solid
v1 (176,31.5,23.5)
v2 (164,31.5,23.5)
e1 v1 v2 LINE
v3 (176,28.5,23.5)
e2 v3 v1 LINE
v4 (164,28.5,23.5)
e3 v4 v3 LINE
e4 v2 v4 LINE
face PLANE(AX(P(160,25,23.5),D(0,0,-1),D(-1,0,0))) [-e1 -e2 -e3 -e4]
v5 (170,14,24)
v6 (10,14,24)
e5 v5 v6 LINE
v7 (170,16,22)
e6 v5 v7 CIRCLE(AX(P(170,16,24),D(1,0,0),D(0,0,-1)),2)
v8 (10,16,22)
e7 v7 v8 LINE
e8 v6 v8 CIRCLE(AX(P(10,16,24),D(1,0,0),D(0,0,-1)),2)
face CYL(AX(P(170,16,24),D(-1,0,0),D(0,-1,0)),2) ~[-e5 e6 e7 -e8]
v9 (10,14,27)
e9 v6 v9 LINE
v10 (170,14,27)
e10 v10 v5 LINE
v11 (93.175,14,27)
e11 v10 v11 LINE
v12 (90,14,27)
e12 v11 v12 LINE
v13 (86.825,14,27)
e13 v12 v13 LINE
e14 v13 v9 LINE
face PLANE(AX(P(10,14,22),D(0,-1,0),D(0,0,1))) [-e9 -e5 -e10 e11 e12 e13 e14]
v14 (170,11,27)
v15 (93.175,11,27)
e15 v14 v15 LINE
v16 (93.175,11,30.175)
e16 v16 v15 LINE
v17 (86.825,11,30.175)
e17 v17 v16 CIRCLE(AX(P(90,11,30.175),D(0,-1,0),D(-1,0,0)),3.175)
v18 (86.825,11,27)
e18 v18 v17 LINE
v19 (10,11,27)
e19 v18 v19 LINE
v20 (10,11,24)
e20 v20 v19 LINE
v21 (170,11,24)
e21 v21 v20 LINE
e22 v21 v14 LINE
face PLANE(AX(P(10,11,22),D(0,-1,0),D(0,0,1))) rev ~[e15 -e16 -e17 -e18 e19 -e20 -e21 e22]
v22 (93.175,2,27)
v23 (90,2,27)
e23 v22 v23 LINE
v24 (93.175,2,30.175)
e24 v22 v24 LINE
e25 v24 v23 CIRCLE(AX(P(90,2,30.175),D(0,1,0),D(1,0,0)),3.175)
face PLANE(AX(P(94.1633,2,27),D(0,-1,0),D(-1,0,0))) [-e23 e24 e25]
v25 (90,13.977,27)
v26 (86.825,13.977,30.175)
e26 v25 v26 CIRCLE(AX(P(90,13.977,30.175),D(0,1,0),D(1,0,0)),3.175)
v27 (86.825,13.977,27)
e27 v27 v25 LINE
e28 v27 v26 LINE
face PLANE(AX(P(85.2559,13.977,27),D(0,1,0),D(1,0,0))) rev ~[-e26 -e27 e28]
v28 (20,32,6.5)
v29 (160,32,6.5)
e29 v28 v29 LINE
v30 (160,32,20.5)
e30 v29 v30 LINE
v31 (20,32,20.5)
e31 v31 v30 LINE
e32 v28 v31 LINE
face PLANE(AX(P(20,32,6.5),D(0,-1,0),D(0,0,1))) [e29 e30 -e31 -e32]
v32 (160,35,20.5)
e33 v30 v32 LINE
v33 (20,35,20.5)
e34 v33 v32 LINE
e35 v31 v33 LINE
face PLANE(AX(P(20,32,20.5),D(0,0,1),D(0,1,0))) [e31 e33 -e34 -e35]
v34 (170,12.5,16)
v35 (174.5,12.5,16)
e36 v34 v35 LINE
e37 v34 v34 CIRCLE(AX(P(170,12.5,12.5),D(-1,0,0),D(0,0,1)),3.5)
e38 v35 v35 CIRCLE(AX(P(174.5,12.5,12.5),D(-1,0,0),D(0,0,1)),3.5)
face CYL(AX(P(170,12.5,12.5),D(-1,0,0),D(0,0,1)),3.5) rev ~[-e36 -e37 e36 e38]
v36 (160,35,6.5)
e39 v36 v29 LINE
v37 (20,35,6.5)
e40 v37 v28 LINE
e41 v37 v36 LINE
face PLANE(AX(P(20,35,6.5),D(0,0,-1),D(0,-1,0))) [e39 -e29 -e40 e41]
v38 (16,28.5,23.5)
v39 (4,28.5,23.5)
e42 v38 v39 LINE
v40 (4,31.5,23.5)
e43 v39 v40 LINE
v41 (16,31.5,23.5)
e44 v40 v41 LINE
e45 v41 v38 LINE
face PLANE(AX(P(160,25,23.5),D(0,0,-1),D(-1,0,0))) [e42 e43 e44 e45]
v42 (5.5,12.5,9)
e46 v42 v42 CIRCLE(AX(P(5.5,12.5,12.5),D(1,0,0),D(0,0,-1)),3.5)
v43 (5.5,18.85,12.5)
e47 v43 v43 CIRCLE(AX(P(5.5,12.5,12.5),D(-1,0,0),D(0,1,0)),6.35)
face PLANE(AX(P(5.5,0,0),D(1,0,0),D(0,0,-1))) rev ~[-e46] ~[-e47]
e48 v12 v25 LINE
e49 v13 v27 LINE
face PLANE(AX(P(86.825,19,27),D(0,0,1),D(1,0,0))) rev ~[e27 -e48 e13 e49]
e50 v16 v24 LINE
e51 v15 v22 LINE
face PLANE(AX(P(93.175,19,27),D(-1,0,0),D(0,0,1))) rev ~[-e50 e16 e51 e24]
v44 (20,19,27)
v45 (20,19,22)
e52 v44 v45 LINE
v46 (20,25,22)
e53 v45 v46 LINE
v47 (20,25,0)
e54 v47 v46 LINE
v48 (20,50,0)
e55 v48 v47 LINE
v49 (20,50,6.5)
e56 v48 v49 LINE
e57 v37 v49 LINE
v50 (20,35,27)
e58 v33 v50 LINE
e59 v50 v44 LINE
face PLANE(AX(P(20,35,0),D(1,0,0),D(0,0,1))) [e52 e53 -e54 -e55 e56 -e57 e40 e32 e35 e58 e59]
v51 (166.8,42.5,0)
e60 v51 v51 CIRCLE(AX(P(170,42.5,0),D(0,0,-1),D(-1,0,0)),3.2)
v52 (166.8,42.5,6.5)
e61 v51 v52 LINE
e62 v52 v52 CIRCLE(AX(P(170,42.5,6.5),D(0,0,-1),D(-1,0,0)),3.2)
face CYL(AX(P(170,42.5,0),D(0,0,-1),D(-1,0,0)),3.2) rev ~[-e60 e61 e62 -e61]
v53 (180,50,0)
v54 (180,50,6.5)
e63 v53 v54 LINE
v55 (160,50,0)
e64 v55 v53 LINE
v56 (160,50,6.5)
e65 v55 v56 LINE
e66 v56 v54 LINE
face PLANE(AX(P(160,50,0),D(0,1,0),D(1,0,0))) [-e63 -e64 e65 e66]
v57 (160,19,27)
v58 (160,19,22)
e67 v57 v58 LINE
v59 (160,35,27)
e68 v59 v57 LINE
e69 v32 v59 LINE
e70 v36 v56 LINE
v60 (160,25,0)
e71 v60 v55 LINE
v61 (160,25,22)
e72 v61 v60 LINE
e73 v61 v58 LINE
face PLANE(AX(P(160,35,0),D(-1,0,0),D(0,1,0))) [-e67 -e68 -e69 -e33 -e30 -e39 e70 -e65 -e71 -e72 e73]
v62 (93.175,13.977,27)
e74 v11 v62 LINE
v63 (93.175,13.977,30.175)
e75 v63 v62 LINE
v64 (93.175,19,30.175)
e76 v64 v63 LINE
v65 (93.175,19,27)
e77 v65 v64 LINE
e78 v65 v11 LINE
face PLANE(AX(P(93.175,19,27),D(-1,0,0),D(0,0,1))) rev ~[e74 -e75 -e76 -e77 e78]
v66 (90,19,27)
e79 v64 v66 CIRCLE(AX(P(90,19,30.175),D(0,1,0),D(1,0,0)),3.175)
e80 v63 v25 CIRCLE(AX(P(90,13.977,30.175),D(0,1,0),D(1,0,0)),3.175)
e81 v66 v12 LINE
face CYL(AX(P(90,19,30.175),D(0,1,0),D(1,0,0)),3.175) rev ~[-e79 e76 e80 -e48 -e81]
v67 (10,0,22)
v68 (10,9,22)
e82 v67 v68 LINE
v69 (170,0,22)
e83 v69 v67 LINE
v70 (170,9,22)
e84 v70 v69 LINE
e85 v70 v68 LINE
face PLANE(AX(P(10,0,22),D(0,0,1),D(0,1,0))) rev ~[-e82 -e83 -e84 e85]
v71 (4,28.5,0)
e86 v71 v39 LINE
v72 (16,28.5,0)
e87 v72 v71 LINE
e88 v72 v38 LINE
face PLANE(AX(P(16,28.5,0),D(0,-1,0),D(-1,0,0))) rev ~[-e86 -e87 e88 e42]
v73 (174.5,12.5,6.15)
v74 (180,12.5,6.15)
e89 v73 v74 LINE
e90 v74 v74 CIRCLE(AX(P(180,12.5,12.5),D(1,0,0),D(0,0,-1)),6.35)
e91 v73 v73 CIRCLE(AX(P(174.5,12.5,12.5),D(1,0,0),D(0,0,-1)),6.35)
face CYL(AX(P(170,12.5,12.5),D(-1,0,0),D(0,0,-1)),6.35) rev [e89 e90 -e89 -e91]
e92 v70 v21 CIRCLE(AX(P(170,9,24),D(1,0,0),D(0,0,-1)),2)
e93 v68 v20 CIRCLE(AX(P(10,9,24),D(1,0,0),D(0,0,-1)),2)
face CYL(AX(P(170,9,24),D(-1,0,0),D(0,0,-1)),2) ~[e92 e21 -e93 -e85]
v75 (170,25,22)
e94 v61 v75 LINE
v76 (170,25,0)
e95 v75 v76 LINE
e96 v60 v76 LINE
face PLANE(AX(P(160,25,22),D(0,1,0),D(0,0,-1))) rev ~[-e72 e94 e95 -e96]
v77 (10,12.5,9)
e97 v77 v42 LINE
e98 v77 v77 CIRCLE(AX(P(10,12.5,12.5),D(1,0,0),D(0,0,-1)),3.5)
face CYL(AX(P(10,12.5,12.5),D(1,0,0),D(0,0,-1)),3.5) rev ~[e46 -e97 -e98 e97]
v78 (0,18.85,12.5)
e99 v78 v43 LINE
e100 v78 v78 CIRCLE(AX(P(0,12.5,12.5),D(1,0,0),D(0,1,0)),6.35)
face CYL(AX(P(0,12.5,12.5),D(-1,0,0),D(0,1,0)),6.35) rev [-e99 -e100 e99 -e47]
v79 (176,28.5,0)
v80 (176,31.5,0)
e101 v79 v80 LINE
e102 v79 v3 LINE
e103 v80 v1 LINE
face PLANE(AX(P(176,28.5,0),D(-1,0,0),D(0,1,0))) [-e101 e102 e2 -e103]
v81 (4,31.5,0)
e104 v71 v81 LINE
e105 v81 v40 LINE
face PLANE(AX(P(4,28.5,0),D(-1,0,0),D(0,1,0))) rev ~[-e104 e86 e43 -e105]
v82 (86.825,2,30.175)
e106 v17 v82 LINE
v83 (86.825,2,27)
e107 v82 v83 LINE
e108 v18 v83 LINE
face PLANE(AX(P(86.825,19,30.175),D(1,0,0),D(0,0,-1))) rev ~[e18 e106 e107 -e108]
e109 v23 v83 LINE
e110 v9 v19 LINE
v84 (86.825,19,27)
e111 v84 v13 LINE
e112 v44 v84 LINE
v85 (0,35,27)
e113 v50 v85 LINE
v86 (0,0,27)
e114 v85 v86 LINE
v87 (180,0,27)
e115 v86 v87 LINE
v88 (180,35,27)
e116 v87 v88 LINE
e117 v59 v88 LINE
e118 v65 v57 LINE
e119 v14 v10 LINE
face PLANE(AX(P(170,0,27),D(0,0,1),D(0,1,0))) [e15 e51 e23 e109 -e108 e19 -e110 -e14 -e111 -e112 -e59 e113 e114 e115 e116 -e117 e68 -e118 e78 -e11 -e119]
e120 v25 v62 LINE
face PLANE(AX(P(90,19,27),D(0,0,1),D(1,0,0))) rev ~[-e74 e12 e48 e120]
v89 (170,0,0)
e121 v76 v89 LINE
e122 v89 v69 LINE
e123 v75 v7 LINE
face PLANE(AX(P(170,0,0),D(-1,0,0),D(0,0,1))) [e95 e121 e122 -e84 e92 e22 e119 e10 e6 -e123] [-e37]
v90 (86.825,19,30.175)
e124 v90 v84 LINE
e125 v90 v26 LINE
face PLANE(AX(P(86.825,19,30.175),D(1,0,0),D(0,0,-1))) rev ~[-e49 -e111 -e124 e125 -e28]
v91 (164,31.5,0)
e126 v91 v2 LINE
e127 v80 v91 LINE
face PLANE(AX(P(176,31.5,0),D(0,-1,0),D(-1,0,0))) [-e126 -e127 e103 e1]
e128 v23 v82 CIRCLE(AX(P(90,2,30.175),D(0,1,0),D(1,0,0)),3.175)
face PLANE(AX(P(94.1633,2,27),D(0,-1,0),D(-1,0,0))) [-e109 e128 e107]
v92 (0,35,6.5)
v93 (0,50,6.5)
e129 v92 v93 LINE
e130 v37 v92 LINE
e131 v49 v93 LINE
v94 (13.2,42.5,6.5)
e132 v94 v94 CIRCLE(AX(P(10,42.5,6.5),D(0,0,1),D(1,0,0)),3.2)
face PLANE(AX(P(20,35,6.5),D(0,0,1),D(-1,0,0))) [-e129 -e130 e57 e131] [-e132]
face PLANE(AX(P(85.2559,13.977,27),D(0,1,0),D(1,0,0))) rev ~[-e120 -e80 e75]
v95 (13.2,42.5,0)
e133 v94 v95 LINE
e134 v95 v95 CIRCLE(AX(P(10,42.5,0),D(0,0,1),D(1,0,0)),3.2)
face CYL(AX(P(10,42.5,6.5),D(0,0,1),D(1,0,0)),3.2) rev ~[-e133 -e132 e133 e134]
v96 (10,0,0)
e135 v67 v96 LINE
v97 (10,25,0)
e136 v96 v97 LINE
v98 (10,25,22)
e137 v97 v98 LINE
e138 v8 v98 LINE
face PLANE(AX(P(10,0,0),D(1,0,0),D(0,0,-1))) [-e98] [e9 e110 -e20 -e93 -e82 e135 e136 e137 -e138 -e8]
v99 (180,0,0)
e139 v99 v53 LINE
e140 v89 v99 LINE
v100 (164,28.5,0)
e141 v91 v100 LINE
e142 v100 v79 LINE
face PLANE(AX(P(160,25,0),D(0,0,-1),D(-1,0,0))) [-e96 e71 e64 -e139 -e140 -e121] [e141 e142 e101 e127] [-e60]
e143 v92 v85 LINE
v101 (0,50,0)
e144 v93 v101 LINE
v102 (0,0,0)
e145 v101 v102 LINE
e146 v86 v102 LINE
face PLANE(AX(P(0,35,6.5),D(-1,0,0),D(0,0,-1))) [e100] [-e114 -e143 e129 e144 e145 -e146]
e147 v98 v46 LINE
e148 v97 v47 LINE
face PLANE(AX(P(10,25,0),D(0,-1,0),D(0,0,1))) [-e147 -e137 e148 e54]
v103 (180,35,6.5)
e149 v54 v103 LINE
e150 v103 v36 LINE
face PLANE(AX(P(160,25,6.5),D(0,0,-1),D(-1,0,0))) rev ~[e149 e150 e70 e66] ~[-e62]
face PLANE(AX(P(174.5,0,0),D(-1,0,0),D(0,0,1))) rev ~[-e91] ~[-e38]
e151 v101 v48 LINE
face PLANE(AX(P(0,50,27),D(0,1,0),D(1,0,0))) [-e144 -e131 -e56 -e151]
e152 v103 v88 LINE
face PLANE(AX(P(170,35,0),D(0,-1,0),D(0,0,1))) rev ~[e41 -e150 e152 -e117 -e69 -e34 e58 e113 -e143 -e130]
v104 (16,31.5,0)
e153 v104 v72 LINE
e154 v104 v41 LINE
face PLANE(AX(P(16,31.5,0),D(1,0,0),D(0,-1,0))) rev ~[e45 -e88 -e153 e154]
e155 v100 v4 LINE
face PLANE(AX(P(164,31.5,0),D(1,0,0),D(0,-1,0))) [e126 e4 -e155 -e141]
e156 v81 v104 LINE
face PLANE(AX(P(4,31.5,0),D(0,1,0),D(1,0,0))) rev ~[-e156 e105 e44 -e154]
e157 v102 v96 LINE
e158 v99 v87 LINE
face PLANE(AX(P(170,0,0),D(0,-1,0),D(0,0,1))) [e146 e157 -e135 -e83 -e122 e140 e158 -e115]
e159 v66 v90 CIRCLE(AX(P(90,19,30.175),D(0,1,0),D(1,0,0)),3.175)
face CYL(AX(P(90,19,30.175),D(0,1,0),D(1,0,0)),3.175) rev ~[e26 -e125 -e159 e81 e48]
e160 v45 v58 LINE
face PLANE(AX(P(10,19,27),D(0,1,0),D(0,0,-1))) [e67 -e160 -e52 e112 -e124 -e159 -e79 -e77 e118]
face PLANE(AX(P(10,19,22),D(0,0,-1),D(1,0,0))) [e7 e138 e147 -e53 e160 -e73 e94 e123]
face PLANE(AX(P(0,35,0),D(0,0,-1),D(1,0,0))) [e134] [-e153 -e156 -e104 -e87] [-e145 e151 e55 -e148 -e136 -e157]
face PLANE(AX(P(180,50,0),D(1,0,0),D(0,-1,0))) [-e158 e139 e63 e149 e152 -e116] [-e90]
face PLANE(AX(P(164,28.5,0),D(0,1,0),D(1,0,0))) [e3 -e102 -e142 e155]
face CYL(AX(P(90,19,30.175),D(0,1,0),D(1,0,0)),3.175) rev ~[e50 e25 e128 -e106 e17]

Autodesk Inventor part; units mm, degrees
ref_plane "YZ Plane" through (0, 0, 0) normal (1, 0, 0) x (0, 1, 0)
ref_plane "XZ Plane" through (0, 0, 0) normal (0, 1, 0) x (-1, 0, 0)
ref_plane "XY Plane" through (0, 0, 0) normal (0, 0, 1) x (1, 0, 0)
sketch "Sketch1" plane through (0, 0, 0) normal (1, 0, 0) x (0, 1, 0)
  line L0 (0, 0) -> (35, 0)
  line L1 (35, 0) -> (35, 27)
  line L2 (35, 27) -> (0, 27)
  line L3 (0, 27) -> (0, 0)
  line L4 (0, 27) -> (25, 27) construction
  line L5 (25, 27) -> (25, 0) construction
  line L6 (25, 0) -> (0, 0) construction
  line L7 (0, 0) -> (0, 27) construction
  circle A0 centre (12.5, 12.5) radius 6.35
  dimension "d0" = 35
  dimension "d1" = 27
  dimension "d2" = 25
  dimension "d3" = 12.7
extrude "Extrusion1" add sketch "Sketch1" along normal blind 10
sketch "Sketch2" plane through (10, 0, 0) normal (1, 0, 0) x (0, 0, -1)
  line L0 (0, 35) -> (-27, 35) projected
  line L1 (0, 0) -> (0, 35) projected
  line L2 (-27, 35) -> (0, 35)
  line L3 (0, 35) -> (0, 25)
  line L4 (0, 25) -> (-27, 25)
  line L5 (-27, 25) -> (-27, 35)
  dimension "d6" = 10
extrude "Extrusion2" add sketch "Sketch2" along normal blind 10
sketch "Sketch3" plane through (10, 0, 0) normal (1, 0, 0) x (0, 0, -1)
  point P0 (0, 0)
sketch "Sketch4" plane through (0, 0, 0) normal (0, 0, -1) x (-1, 0, 0)
  point P0 (0, 0)
sketch "Sketch5" plane through (10, 0, 0) normal (1, 0, 0) x (0, 0, -1)
  point P0 (0, 0)
sketch "Sketch6" plane through (10, 0, 0) normal (1, 0, 0) x (0, 0, -1)
  line L0 (-27, 25) -> (-27, 0) projected
  line L1 (-27, 0) -> (-22, 0)
  line L2 (-22, 0) -> (-22, 11)
  line L3 (-22, 11) -> (-27, 11)
  line L4 (-27, 11) -> (-27, 0)
  line L5 (-22, 14) -> (-27, 14)
  line L6 (-27, 14) -> (-27, 19)
  line L7 (-27, 19) -> (-22, 19)
  line L8 (-22, 19) -> (-22, 14)
  point P0 (0, 0)
  dimension "d9" = 5
  dimension "d10" = 11
  dimension "d11" = 5
extrude "Extrusion3" add sketch "Sketch6" along normal blind 150
sketch "Sketch7" plane through (10, 19, 27) normal (0, 1, 0) x (1, 0, 0)
  line L0 (-10, 0) -> (10, 0) projected
  line L1 (0, 5) -> (150, 5) projected
  line L2 (0, 0) -> (10, 0)
  line L3 (10, 0) -> (10, 5)
  line L4 (10, 5) -> (0, 5)
  line L5 (0, 5) -> (0, 0)
  point P0 (-10, 27)
  dimension "d14" = 10
extrude "Extrusion4" add sketch "Sketch7" along normal blind 7.5
sketch "Sketch8" plane through (160, 0, 0) normal (1, 0, 0) x (0, 0, -1)
  line L0 (-27, 14) -> (-22, 14) projected
  line L1 (-27, 14) -> (-22, 14)
  line L2 (-22, 25) -> (-22, 14) projected
  line L3 (-22, 14) -> (-22, 25)
  line L4 (-22, 25) -> (0, 25) projected
  line L5 (-22, 25) -> (0, 25)
  line L6 (0, 25) -> (0, 35) projected
  line L7 (0, 25) -> (0, 35)
  line L8 (0, 35) -> (-27, 35)
  line L9 (-27, 35) -> (-27, 14)
  line L10 (-22, 11) -> (-22, 0) projected
  line L11 (-27, 0) -> (-22, 0)
  line L12 (-22, 0) -> (-22, 11)
  line L13 (-22, 11) -> (-27, 11)
  line L14 (-27, 11) -> (-27, 0)
  point P0 (0, 0)
  dimension "d9" = 5
  dimension "d10" = 11
  dimension "d11" = 5
extrude "Extrusion5" add sketch "Sketch8" along normal blind 10
sketch "Sketch9" plane through (170, 0, 0) normal (1, 0, 0) x (0, 0, -1)
  line L0 (0, 35) -> (-27, 35) projected
  line L1 (-27, 35) -> (0, 35)
  line L2 (0, 35) -> (0, 0)
  line L3 (0, 0) -> (-27, 0)
  line L4 (-27, 0) -> (-27, 35)
  circle A0 centre (-12.5, 12.5) radius 6.35 projected
  circle A1 centre (-12.5, 12.5) radius 6.35
extrude "Extrusion6" add sketch "Sketch9" along normal blind 10
fillet "Fillet1" radius 2 2 edges at (90, 11, 22) (90, 14, 22)
sketch "Sketch10" plane through (20, 0, 0) normal (1, 0, 0) x (0, 0, -1)
  line L0 (0, 35) -> (-27, 35) projected
  line L1 (-13.5, 35) -> (-20.5, 35)
  line L2 (-20.5, 35) -> (-6.5, 35)
  line L3 (-20.5, 35) -> (-6.5, 35)
  line L4 (-6.5, 35) -> (-6.5, 32)
  line L5 (-6.5, 32) -> (-20.5, 32)
  line L6 (-20.5, 32) -> (-20.5, 35)
  point P0 (0, 0)
  dimension "d22" = 7
  dimension "d23" = 14
  dimension "d24" = 3
extrude "Extrusion7" add sketch "Sketch10" along normal blind 140
sketch "Sketch11" plane through (0, 35, 27) normal (0, 1, 0) x (1, 0, 0)
  point P0 (0, 27)
sketch "Sketch12" plane through (160, 25, 0) normal (0, 0, -1) x (-1, 0, 0)
  line L0 (-4, 3.5) -> (-16, 3.5)
  line L1 (-16, 3.5) -> (-16, 6.5)
  line L2 (-16, 6.5) -> (-4, 6.5)
  line L3 (-4, 6.5) -> (-4, 3.5)
  line L4 (-4, 3.5) -> (-16, 6.5) construction
  line L5 (-16, 3.5) -> (-4, 6.5) construction
  line L6 (156, 6.5) -> (144, 6.5)
  line L7 (144, 6.5) -> (144, 3.5)
  line L8 (144, 3.5) -> (156, 3.5)
  line L9 (156, 3.5) -> (156, 6.5)
  line L10 (156, 6.5) -> (144, 3.5) construction
  line L11 (144, 6.5) -> (156, 3.5) construction
  point P0 (160, -25)
  point P1 (-10, 5)
  point P2 (150, 5)
  dimension "d27" = 12
  dimension "d28" = 3
  dimension "d29" = 12
  dimension "d30" = 3
extrude "Extrusion8" cut sketch "Sketch12" against normal blind 23.5
sketch "Sketch13" plane through (0, 0, 0) normal (-1, 0, 0) x (0, 0, 1)
  circle A0 centre (12.5, 12.5) radius 6.35 construction
  circle A1 centre (12.5, 12.5) radius 20.6375 construction
  point P0 (0, 0)
  dimension "d33" = 41.275
sketch "Sketch14" plane through (170, 0, 0) normal (-1, 0, 0) x (0, 0, 1)
  circle A0 centre (12.5, 12.5) radius 6.35 projected
  circle A1 centre (12.5, 12.5) radius 6.35
  circle A2 centre (12.5, 12.5) radius 3.5
  point P0 (0, 0)
  dimension "d34" = 7
extrude "Extrusion9" add sketch "Sketch14" against normal blind 4.5
sketch "Sketch15" plane through (10, 0, 0) normal (1, 0, 0) x (0, 0, -1)
  circle A0 centre (-12.5, 12.5) radius 3.5 projected
  circle A1 centre (-12.5, 12.5) radius 6.35
  circle A2 centre (-12.5, 12.5) radius 3.5
  point P0 (0, 0)
  dimension "d37" = 7
extrude "Extrusion10" add sketch "Sketch15" against normal blind 4.5
sketch "Sketch16" plane through (0, 35, 27) normal (0, 1, 0) x (1, 0, 0)
  point P0 (0, 27)
sketch "Sketch17" plane through (20, 19, 27) normal (0, 1, 0) x (1, 0, 0)
  line L0 (-10, 0) -> (150, 0) projected
  circle A0 centre (70, -3.175) radius 3.175
  line L1 (66.825, 0) -> (73.175, 0)
  line L2 (73.175, 0) -> (73.175, -3.175)
  line L3 (73.175, -3.175) -> (66.825, -3.175)
  line L4 (66.825, -3.175) -> (66.825, 0)
  point P0 (-20, 27)
  point P1 (70, 0)
  point P2 (66.825, -3.175)
  point P3 (73.175, 0)
extrude "Extrusion11" add sketch "Sketch17" against normal blind 19 contours L0 A0 L4 | L0 L2 A0
sketch "Sketch18" plane through (0, 0, 0) normal (-1, 0, 0) x (0, 0, 1)
  point P0 (0, 0)
sketch "Sketch19" plane through (160, 19, 27) normal (0, 0, 1) x (1, 0, 0)
  line L0 (-150, -8) -> (10, -8) projected
  line L1 (-74.7441, -5.023) -> (-65.8367, -5.023)
  line L2 (-65.8367, -5.023) -> (-65.8367, -8)
  line L3 (-65.8367, -8) -> (-74.7441, -8)
  line L4 (-74.7441, -8) -> (-74.7441, -5.023)
  line L5 (-150, -19) -> (10, -19) projected
  line L6 (-74.2056, -19) -> (-65.8367, -19)
  line L7 (-65.8367, -19) -> (-65.8367, -17)
  line L8 (-65.8367, -17) -> (-74.2056, -17)
  line L9 (-74.2056, -17) -> (-74.2056, -19)
  point P0 (-160, -19)
  dimension "d42" = 2
extrude "Extrusion12" cut sketch "Sketch19" along normal blind 19
sketch "Sketch20" plane through (0, 35, 27) normal (0, 1, 0) x (1, 0, 0)
  line L0 (0, 0) -> (0, 27) projected
  line L1 (20, 20.5) -> (160, 20.5) projected
  line L2 (0, 27) -> (20, 27)
  line L3 (20, 27) -> (20, 20.5)
  line L4 (20, 20.5) -> (0, 20.5)
  line L5 (0, 20.5) -> (0, 27)
extrude "Extrusion13" add sketch "Sketch20" along normal blind 15
sketch "Sketch21" plane through (0, 35, 6.5) normal (0, 0, 1) x (1, 0, 0)
  line L0 (0, 0) -> (20, 0) construction
  line L1 (20, 15) -> (0, 15) construction
  line L2 (0, 0) -> (20, 15) construction
  circle A0 centre (10, 7.5) radius 3.2
  point P0 (0, -35)
  dimension "d47" = 6.4
extrude "Extrusion14" cut sketch "Sketch21" against normal blind 15
sketch "Sketch22" plane through (160, 25, 0) normal (0, 0, -1) x (-1, 0, 0)
  line L0 (-20, 10) -> (-20, -25) projected
  line L1 (-20, 10) -> (0, 10)
  line L2 (0, 10) -> (0, 25)
  line L3 (0, 25) -> (-20, 25)
  line L4 (-20, 25) -> (-20, 10)
  circle A0 centre (-10, 17.5) radius 3.2
  point P0 (160, -25)
  dimension "d50" = 20
  dimension "d51" = 15
  dimension "d52" = 6.4
extrude "Extrusion15" add sketch "Sketch22" against normal blind 6.5
properties part number "_3DPrint"
